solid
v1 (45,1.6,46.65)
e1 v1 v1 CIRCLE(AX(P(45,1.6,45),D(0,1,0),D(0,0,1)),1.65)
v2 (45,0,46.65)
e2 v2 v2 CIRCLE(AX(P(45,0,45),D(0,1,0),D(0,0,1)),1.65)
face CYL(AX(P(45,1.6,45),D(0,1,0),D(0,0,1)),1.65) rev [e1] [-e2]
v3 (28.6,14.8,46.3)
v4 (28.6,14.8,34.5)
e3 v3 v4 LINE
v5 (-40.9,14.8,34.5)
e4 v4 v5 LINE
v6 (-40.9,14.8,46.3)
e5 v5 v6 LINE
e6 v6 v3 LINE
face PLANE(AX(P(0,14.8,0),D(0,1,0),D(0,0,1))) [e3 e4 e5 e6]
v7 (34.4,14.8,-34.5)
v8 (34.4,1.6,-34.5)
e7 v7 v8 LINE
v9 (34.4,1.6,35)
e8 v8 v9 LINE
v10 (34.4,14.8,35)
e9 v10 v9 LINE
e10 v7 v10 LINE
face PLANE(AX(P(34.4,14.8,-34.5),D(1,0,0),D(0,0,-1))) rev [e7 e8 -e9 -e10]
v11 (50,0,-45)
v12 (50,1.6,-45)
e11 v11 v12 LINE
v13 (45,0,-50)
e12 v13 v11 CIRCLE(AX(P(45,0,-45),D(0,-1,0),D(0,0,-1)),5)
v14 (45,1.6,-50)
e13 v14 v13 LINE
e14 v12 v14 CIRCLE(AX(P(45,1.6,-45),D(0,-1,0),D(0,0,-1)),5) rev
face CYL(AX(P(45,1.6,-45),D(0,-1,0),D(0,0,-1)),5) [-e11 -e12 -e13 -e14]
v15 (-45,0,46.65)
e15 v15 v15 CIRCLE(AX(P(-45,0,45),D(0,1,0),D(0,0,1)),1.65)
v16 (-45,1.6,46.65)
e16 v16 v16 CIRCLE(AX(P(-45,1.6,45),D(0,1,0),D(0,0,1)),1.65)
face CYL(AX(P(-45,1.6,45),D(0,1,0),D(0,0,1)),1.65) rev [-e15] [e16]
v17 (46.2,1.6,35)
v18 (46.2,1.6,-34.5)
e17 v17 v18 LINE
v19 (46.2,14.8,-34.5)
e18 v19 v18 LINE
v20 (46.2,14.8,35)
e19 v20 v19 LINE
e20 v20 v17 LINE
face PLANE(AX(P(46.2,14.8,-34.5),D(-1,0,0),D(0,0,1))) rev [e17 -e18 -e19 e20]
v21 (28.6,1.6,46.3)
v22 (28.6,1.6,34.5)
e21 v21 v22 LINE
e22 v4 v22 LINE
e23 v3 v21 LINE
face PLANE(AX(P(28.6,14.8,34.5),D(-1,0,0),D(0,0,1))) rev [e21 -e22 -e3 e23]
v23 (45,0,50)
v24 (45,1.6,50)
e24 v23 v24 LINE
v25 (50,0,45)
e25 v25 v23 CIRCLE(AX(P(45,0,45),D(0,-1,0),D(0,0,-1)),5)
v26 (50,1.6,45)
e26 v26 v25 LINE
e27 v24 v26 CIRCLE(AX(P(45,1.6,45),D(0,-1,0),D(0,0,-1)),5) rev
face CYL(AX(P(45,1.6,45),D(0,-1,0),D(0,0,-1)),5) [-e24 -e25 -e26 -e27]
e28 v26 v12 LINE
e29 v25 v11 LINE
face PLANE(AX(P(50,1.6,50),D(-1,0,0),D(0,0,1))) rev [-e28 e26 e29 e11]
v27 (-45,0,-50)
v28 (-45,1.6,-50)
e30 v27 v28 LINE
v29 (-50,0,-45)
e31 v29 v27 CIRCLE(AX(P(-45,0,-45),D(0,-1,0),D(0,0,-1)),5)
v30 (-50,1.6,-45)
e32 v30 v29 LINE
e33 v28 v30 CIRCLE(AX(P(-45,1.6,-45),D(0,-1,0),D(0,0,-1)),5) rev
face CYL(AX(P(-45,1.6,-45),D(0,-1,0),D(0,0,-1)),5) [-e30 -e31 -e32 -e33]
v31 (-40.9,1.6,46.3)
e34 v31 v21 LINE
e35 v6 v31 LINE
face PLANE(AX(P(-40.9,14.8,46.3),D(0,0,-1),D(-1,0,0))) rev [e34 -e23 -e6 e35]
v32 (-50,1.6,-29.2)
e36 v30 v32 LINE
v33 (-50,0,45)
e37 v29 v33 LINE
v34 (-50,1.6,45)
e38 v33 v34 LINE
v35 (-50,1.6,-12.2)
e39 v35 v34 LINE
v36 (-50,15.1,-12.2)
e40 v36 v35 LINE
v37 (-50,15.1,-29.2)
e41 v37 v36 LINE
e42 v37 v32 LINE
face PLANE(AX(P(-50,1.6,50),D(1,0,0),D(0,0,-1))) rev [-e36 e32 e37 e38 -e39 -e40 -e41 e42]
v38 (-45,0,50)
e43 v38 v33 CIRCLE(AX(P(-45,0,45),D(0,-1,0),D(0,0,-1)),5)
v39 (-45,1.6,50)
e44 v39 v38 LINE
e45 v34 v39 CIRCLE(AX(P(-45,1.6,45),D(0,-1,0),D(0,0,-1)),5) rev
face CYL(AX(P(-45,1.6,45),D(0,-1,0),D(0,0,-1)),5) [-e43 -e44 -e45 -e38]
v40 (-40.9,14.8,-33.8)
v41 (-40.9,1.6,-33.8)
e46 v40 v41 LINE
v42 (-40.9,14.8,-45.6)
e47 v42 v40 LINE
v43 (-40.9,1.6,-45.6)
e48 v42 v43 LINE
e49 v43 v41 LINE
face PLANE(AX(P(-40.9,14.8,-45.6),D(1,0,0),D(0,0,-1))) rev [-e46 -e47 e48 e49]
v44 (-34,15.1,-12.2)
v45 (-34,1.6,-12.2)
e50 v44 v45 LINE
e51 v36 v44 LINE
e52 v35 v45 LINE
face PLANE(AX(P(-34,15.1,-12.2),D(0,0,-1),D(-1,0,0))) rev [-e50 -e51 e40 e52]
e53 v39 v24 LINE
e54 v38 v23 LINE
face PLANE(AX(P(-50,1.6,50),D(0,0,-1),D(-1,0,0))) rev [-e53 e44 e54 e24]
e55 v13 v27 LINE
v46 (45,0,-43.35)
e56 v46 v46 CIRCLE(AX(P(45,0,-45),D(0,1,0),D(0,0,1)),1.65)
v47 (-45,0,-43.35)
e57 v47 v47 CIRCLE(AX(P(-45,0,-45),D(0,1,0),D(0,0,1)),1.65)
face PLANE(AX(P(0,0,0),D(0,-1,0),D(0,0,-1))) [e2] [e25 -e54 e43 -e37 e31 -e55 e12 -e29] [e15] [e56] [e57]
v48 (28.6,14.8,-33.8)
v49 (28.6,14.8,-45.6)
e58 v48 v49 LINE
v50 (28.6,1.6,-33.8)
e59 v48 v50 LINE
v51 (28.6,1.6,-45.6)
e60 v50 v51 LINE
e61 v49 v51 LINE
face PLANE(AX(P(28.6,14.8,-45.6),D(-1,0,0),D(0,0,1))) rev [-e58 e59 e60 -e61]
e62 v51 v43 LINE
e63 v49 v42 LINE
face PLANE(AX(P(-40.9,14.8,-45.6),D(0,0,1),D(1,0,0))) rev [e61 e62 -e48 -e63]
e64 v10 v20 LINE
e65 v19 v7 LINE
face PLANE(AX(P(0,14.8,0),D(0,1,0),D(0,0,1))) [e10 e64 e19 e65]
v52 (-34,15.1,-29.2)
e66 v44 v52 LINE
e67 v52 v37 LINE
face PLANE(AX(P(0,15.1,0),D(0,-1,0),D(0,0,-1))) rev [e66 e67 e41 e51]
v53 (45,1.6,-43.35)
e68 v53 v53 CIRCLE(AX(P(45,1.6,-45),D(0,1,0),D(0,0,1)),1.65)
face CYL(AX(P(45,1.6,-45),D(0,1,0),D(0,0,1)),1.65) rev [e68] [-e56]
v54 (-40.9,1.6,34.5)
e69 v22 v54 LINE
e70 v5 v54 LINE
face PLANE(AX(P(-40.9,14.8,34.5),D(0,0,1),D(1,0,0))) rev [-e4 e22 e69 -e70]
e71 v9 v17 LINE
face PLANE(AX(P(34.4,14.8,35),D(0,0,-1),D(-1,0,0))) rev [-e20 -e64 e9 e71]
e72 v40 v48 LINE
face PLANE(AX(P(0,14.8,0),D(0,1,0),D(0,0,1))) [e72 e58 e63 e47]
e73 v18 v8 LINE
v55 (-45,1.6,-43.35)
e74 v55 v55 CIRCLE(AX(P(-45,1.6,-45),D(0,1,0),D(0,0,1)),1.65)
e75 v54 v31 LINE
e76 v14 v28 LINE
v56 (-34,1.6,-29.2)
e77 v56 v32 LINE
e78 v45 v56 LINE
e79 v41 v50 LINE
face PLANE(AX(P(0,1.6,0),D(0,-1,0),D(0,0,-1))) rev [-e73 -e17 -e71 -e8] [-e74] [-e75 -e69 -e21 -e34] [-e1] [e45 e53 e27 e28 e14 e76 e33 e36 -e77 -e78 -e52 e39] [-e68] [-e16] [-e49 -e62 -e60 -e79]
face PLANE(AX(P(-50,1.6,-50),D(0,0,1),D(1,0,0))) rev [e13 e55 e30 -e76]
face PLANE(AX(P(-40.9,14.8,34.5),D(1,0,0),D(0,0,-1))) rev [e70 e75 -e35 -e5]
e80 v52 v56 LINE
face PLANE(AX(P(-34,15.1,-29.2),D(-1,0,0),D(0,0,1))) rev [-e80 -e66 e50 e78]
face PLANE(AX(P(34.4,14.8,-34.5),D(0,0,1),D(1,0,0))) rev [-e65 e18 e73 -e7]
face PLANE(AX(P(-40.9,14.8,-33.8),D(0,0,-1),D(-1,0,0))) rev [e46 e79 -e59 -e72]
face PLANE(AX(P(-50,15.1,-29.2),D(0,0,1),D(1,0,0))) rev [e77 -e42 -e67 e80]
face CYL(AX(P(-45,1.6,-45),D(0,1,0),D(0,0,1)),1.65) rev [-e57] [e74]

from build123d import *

# Parameters (mm, degrees)
SKETCH1_W                  = 100
SKETCH1_H                  = 100
BOSS_EXTRUDE1_DEPTH        = 1.6
FILLET1_R                  = 5
F_3_3_3_3_DIAMETER_HOLE1_D = 3.3
SKETCH4_W                  = 16
SKETCH4_H                  = 17
BOSS_EXTRUDE2_DEPTH        = 13.5
SKETCH5_W                  = 69.5
SKETCH5_H                  = 11.8
SKETCH5_W_2                = 11.8
SKETCH5_H_2                = 69.5
BOSS_EXTRUDE3_DEPTH        = 13.2


with BuildPart() as part:
    # Sketch1 → Boss-Extrude1 (new body)
    with BuildSketch(Plane(origin=(0, 0, 0), x_dir=(1, 0, 0), z_dir=(0, 1, 0))):
        Rectangle(SKETCH1_W, SKETCH1_H)
    extrude(amount=BOSS_EXTRUDE1_DEPTH)

    # Fillet1
    fillet1_edges = [part.edges().sort_by_distance(p)[0] for p in [
        (50, 0.8, 50),
        (-50, 0.8, 50),
        (-50, 0.8, -50),
        (50, 0.8, -50),
    ]]
    fillet(fillet1_edges, radius=FILLET1_R)

    # Ø3.3 (3.3) Diameter Hole1 (through all)
    with Locations(Plane(origin=(0, 1.6, 0), x_dir=(1, 0, 0), z_dir=(0, 1, 0))):
        with Locations((45, -45), (-45, -45), (-45, 45), (45, 45)):
            Hole(F_3_3_3_3_DIAMETER_HOLE1_D / 2)

    # Sketch4 → Boss-Extrude2 (add)
    with BuildSketch(Plane(origin=(0, 1.6, 0), x_dir=(1, 0, 0), z_dir=(0, 1, 0))):
        with Locations((-42, 20.7)):
            Rectangle(SKETCH4_W, SKETCH4_H)
    extrude(amount=BOSS_EXTRUDE2_DEPTH)

    # Sketch5 → Boss-Extrude3 (add)
    with BuildSketch(Plane(origin=(0, 1.6, 0), x_dir=(1, 0, 0), z_dir=(0, 1, 0))):
        with Locations((-6.15, 39.7)):
            Rectangle(SKETCH5_W, SKETCH5_H)
        with Locations((40.3, -0.25)):
            Rectangle(SKETCH5_W_2, SKETCH5_H_2)
        with Locations((-6.15, -40.4)):
            Rectangle(SKETCH5_W, SKETCH5_H)
    extrude(amount=BOSS_EXTRUDE3_DEPTH)


solid = part.part
